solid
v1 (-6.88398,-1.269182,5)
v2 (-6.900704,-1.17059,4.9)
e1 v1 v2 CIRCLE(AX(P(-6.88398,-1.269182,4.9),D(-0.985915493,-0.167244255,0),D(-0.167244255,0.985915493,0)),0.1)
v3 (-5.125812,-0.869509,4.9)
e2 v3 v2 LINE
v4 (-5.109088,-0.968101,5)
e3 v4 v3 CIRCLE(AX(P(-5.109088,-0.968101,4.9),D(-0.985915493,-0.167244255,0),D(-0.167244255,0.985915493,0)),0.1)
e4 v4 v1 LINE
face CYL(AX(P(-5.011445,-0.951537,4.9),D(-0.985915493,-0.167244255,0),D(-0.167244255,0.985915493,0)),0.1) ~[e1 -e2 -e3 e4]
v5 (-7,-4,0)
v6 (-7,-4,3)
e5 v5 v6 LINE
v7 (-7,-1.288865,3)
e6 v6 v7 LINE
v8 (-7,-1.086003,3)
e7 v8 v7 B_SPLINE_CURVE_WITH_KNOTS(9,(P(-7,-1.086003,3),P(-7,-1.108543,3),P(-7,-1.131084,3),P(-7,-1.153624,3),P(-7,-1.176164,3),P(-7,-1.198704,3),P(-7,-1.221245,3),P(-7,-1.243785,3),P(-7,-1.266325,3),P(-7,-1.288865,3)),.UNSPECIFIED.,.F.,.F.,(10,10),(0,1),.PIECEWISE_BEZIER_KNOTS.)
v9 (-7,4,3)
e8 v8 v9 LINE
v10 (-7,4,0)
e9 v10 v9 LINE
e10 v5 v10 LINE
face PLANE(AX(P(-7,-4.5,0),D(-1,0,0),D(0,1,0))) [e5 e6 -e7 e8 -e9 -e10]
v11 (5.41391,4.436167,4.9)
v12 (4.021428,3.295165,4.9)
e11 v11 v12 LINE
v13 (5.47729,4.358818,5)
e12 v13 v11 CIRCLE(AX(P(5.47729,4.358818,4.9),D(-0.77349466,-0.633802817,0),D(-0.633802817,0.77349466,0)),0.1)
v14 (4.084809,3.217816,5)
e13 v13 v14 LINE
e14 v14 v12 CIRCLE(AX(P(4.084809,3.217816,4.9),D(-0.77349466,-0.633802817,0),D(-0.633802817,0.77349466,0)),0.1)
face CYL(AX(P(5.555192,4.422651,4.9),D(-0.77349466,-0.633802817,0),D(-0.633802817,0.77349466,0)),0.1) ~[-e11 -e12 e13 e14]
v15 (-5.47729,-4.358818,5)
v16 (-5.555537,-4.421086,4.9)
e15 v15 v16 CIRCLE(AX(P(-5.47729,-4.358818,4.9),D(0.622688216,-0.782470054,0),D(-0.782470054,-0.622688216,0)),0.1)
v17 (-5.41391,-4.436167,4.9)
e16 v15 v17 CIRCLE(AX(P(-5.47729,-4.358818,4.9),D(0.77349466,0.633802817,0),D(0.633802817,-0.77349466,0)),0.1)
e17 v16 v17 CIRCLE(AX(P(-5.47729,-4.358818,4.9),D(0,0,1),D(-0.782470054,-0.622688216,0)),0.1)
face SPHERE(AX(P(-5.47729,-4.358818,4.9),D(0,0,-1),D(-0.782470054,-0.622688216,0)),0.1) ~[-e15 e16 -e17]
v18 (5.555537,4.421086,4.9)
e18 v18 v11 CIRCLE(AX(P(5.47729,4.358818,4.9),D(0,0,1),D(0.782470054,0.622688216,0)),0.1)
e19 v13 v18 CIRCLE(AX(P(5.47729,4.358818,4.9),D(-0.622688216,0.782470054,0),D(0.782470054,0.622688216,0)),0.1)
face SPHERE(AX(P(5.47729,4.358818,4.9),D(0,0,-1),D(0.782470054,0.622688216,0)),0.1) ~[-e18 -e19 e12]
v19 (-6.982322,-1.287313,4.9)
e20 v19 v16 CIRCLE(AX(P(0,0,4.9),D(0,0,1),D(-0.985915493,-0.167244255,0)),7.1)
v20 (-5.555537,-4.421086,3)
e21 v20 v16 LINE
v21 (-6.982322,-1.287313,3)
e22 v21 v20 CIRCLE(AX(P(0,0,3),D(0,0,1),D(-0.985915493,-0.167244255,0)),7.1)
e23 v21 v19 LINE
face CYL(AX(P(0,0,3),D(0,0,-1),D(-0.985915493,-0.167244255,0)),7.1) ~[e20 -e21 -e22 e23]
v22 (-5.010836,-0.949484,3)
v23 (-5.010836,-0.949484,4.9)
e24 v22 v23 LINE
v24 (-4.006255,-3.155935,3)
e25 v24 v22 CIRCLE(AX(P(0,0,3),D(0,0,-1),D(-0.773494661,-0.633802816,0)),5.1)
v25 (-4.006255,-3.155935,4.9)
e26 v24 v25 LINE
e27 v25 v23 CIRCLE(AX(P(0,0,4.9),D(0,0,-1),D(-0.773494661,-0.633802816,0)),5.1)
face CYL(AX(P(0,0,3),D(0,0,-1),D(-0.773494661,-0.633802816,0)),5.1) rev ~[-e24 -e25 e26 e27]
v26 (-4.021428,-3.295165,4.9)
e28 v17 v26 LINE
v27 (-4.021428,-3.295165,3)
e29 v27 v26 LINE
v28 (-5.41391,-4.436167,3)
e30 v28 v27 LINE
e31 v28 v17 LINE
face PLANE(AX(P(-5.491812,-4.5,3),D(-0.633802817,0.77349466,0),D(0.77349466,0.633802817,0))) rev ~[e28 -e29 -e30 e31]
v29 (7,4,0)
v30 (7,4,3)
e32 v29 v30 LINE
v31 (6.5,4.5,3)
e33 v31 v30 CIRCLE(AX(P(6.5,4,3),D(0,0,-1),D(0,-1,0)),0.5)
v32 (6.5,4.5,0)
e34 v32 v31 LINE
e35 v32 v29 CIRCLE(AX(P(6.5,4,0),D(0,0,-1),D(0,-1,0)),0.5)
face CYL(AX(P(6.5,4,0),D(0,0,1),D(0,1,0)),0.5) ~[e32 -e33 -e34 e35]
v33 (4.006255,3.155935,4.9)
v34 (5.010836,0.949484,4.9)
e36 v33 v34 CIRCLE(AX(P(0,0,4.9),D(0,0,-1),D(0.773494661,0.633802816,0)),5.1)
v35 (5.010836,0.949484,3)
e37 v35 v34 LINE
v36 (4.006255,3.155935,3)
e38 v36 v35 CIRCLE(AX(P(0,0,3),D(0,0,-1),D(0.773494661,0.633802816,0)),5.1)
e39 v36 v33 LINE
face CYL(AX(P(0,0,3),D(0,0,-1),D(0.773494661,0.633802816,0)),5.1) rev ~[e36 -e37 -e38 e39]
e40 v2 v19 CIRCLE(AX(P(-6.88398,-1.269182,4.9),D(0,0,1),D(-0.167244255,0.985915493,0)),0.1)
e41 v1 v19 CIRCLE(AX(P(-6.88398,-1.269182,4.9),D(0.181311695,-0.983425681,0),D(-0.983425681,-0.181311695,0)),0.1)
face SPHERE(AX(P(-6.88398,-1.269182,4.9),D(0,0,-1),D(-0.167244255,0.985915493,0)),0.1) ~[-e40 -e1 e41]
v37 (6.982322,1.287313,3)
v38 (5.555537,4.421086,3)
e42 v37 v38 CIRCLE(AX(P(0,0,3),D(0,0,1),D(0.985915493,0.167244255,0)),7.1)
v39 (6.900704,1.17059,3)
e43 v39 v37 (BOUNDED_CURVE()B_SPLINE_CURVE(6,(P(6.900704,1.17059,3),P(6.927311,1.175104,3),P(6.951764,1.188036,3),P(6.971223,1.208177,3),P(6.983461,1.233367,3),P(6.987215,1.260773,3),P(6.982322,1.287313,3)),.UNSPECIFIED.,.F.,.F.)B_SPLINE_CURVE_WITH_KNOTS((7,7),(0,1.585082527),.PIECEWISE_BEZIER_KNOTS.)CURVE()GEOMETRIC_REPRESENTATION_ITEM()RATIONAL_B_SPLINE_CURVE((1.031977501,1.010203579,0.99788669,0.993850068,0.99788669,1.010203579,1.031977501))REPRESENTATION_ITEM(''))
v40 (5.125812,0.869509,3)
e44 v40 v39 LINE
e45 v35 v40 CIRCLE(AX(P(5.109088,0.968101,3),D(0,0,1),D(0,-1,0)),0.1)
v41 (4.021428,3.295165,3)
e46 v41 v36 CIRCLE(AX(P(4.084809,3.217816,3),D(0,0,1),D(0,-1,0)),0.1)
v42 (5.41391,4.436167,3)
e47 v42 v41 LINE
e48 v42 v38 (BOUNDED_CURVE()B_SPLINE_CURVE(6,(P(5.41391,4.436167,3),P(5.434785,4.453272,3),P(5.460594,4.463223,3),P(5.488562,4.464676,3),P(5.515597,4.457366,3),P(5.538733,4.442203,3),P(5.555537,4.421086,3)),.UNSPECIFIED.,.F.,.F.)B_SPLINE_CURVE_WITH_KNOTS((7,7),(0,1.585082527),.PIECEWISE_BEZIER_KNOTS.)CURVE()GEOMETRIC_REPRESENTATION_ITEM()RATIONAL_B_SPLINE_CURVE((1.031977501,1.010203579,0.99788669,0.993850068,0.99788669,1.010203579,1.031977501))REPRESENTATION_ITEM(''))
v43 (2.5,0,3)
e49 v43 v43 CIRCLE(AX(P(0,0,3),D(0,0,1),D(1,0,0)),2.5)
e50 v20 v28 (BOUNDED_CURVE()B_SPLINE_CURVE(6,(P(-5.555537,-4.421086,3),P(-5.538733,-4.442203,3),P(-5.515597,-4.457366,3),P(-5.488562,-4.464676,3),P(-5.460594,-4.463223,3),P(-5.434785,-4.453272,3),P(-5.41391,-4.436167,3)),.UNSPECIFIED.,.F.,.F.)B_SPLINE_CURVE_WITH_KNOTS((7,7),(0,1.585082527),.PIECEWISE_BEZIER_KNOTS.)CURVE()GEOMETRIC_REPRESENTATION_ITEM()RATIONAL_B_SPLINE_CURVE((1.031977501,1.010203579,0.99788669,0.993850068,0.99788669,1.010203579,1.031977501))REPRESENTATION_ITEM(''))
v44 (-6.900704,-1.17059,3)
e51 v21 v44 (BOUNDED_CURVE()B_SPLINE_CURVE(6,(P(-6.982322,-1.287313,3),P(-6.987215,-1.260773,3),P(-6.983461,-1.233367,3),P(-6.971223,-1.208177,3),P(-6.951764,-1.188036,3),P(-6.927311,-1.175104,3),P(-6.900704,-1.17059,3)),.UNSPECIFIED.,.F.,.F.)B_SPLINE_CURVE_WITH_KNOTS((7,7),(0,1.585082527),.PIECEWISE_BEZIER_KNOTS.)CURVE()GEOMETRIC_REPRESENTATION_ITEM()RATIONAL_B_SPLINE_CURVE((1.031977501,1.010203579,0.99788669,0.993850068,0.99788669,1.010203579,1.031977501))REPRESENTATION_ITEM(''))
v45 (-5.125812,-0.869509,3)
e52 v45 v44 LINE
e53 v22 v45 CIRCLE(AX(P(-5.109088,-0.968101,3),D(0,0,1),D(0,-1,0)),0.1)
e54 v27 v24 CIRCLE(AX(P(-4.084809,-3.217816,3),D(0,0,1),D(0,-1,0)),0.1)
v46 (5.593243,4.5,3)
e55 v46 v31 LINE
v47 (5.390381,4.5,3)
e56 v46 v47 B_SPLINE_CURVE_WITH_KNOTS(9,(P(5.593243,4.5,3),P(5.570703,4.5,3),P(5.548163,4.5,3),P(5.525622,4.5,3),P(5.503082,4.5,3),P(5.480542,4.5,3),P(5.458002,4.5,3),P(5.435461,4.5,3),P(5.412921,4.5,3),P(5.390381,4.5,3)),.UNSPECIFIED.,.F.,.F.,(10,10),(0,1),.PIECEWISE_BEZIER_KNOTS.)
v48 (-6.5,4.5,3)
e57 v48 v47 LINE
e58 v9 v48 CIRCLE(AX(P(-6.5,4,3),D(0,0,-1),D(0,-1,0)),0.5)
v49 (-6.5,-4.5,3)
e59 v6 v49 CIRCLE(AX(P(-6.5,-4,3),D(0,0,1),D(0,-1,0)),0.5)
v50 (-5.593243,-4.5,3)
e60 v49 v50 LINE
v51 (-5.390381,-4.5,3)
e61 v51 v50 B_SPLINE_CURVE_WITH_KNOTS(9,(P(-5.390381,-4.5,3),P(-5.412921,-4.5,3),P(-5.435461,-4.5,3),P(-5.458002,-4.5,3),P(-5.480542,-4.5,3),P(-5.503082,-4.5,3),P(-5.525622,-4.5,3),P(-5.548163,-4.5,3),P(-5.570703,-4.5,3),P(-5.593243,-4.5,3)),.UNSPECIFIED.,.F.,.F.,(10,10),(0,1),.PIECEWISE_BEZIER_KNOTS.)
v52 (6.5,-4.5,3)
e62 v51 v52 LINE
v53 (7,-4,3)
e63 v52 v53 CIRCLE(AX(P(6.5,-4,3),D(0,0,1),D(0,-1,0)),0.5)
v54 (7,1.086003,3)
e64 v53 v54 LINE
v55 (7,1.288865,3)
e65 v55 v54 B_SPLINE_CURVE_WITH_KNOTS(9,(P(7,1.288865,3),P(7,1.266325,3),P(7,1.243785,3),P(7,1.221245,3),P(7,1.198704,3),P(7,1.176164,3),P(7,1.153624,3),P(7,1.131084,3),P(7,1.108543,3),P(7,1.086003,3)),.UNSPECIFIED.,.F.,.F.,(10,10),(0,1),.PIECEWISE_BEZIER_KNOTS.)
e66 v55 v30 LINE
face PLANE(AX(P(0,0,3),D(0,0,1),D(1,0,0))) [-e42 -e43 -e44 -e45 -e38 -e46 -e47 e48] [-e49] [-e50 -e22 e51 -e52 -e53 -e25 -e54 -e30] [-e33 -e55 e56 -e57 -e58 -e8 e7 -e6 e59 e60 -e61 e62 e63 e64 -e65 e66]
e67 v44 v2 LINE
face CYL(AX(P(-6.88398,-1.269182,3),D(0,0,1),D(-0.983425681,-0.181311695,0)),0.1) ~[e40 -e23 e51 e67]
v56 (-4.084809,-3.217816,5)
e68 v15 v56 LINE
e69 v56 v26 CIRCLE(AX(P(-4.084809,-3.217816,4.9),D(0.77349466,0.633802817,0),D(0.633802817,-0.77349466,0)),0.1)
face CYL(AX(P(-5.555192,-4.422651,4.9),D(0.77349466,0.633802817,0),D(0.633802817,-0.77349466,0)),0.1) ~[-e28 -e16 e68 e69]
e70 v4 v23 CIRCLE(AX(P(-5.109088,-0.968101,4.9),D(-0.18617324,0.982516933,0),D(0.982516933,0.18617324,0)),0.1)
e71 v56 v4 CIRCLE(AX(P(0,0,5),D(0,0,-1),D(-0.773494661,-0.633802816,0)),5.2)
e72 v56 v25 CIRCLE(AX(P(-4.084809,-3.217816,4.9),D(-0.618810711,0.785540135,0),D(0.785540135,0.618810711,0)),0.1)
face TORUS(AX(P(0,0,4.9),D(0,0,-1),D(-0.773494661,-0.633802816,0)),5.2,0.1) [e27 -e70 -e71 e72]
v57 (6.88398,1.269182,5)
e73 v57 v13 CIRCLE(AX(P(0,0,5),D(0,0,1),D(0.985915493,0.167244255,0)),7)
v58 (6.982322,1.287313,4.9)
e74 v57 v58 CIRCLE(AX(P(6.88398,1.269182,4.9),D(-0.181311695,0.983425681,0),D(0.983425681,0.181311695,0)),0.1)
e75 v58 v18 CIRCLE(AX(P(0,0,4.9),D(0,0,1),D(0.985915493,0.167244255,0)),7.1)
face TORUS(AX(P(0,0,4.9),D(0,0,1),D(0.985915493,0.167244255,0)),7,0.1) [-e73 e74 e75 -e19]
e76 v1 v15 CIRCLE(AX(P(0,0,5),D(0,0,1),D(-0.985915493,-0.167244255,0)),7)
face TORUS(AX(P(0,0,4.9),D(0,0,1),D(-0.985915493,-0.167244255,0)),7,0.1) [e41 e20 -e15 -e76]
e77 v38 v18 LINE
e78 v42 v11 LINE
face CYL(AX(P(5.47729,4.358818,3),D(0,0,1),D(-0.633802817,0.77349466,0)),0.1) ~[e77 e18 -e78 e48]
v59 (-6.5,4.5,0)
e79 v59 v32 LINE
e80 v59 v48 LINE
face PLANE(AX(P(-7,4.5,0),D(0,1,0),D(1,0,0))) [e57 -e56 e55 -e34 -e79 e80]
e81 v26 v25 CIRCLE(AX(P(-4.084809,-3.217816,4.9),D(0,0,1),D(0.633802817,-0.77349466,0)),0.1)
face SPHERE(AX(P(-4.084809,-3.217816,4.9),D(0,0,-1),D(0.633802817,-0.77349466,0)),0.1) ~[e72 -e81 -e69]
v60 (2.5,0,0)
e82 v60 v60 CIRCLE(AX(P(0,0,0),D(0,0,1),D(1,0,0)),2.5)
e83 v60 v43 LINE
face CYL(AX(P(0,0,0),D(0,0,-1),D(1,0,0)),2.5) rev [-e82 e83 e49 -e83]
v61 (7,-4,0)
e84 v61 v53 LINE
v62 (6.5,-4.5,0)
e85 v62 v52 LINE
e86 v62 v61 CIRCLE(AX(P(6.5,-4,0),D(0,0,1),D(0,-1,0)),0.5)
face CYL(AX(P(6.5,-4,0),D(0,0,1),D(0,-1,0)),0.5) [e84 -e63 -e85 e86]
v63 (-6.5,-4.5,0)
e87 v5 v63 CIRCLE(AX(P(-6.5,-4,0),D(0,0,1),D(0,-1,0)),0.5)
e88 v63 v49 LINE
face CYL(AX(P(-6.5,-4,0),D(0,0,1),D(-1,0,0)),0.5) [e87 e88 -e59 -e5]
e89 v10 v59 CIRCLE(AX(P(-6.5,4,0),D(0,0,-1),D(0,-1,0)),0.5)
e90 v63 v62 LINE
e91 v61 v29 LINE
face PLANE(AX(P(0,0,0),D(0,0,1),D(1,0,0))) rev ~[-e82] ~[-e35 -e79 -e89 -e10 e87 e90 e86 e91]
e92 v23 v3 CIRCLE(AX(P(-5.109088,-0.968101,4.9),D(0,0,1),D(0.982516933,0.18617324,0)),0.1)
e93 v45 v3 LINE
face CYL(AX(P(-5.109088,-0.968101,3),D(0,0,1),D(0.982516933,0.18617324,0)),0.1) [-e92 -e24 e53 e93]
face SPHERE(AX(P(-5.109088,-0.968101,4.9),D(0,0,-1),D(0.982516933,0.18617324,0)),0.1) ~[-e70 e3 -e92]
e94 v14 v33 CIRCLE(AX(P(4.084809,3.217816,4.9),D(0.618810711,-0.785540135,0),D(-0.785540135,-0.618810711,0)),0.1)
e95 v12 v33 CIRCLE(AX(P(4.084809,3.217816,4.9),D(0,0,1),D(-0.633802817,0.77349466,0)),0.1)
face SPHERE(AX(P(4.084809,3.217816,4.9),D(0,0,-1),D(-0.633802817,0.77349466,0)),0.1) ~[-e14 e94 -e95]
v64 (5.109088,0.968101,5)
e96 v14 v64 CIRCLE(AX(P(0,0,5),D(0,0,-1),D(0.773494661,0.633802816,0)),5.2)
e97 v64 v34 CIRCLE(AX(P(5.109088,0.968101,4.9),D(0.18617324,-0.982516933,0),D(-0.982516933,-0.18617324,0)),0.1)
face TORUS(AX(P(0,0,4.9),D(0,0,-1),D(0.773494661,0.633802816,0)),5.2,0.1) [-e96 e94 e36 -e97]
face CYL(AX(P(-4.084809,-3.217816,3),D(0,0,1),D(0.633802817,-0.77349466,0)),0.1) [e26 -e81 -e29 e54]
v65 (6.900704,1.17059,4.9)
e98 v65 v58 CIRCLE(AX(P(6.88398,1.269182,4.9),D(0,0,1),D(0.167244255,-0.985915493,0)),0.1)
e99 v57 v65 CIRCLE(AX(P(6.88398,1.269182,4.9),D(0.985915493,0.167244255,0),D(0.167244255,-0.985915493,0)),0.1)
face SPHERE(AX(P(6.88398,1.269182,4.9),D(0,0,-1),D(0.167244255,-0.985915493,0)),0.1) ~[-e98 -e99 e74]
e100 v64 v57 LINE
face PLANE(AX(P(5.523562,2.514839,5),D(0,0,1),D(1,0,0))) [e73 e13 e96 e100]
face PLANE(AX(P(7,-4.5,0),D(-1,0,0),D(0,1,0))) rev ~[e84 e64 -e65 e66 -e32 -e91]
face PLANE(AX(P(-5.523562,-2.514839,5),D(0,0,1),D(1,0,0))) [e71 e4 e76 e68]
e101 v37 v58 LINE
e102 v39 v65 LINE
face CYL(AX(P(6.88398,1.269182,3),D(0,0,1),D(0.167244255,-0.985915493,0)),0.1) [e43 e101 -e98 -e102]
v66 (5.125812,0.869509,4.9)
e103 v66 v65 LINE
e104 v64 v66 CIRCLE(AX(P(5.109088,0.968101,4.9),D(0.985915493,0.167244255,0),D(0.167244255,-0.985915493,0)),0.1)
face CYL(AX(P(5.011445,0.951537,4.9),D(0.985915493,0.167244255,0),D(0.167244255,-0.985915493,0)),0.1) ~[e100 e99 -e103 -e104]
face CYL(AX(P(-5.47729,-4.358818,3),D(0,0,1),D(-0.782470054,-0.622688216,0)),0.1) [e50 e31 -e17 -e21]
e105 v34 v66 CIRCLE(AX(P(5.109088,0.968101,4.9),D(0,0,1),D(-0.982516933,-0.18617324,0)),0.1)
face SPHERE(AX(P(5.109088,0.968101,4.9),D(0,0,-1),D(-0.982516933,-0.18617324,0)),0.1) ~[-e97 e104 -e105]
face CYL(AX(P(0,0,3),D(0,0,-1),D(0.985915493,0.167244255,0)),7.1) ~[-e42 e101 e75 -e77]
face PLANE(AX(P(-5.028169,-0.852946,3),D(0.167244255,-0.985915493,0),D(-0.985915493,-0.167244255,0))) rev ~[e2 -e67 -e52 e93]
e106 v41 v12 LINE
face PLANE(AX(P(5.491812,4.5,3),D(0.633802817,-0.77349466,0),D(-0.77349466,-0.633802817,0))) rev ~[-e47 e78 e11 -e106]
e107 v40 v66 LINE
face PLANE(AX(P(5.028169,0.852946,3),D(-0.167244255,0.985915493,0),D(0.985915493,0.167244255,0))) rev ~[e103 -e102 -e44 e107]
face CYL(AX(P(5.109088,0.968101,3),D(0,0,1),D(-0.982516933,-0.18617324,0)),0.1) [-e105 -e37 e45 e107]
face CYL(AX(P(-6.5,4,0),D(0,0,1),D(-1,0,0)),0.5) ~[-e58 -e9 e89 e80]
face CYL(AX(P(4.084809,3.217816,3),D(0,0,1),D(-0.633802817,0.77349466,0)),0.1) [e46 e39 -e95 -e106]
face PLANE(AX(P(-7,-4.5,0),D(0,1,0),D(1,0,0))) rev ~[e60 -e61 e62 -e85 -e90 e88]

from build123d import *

# Parameters (mm, degrees)
SKETCH1_W           = 14
SKETCH1_H           = 9
SKETCH1_R           = 2.5
BOSS_EXTRUDE1_DEPTH = 3
FILLET1_R           = 0.5
BOSS_EXTRUDE2_DEPTH = 2
FILLET2_R           = 0.1


with BuildPart() as part:
    # Sketch1 → Boss-Extrude1 (new body)
    with BuildSketch(Plane.XY):
        Rectangle(SKETCH1_W, SKETCH1_H)
        Circle(SKETCH1_R, mode=Mode.SUBTRACT)
    extrude(amount=BOSS_EXTRUDE1_DEPTH)

    # Fillet1
    fillet1_edges = [part.edges().sort_by_distance(p)[0] for p in [
        (-7, 4.5, 1.5),
        (7, 4.5, 1.5),
        (7, -4.5, 1.5),
        (-7, -4.5, 1.5),
    ]]
    fillet(fillet1_edges, radius=FILLET1_R)

    # Sketch2 → Boss-Extrude2 (add)
    with BuildSketch(Plane.XY.offset(3)):
        with BuildLine():
            Line((-5.028169014, -0.852945699), (-7, -1.187434209))
            ThreePointArc((-7, -1.187434209), (-6.461781127, -2.942003512), (-5.491812087, -4.5))
            Line((-5.491812087, -4.5), (-3.944822767, -3.232394366))
            ThreePointArc((-3.944822767, -3.232394366), (-4.641561091, -2.113270128), (-5.028169014, -0.852945699))
        make_face()
        with BuildLine():
            Line((5.491812087, 4.5), (3.944822767, 3.232394366))
            ThreePointArc((3.944822767, 3.232394366), (4.641561091, 2.113270128), (5.028169014, 0.852945699))
            Line((5.028169014, 0.852945699), (7, 1.187434209))
            ThreePointArc((7, 1.187434209), (6.461781127, 2.942003512), (5.491812087, 4.5))
        make_face()
    extrude(amount=BOSS_EXTRUDE2_DEPTH)

    # Fillet2
    fillet2_edges = [part.edges().sort_by_distance(p)[0] for p in [
        (-5.028169014, -0.852945699, 4),
        (-7, -1.187434209, 4),
        (-5.491812087, -4.5, 4),
        (-4.641561091, -2.113270128, 5),
        (-3.944822767, -3.232394366, 4),
        (-6.014084507, -1.020189954, 5),
        (-6.461781127, -2.942003512, 5),
        (-4.718317427, -3.866197183, 5),
        (5.491812087, 4.5, 4),
        (3.944822767, 3.232394366, 4),
        (6.014084507, 1.020189954, 5),
        (5.028169014, 0.852945699, 4),
        (6.461781127, 2.942003512, 5),
        (7, 1.187434209, 4),
        (4.718317427, 3.866197183, 5),
        (4.641561091, 2.113270128, 5),
    ]]
    fillet(fillet2_edges, radius=FILLET2_R)


solid = part.part
